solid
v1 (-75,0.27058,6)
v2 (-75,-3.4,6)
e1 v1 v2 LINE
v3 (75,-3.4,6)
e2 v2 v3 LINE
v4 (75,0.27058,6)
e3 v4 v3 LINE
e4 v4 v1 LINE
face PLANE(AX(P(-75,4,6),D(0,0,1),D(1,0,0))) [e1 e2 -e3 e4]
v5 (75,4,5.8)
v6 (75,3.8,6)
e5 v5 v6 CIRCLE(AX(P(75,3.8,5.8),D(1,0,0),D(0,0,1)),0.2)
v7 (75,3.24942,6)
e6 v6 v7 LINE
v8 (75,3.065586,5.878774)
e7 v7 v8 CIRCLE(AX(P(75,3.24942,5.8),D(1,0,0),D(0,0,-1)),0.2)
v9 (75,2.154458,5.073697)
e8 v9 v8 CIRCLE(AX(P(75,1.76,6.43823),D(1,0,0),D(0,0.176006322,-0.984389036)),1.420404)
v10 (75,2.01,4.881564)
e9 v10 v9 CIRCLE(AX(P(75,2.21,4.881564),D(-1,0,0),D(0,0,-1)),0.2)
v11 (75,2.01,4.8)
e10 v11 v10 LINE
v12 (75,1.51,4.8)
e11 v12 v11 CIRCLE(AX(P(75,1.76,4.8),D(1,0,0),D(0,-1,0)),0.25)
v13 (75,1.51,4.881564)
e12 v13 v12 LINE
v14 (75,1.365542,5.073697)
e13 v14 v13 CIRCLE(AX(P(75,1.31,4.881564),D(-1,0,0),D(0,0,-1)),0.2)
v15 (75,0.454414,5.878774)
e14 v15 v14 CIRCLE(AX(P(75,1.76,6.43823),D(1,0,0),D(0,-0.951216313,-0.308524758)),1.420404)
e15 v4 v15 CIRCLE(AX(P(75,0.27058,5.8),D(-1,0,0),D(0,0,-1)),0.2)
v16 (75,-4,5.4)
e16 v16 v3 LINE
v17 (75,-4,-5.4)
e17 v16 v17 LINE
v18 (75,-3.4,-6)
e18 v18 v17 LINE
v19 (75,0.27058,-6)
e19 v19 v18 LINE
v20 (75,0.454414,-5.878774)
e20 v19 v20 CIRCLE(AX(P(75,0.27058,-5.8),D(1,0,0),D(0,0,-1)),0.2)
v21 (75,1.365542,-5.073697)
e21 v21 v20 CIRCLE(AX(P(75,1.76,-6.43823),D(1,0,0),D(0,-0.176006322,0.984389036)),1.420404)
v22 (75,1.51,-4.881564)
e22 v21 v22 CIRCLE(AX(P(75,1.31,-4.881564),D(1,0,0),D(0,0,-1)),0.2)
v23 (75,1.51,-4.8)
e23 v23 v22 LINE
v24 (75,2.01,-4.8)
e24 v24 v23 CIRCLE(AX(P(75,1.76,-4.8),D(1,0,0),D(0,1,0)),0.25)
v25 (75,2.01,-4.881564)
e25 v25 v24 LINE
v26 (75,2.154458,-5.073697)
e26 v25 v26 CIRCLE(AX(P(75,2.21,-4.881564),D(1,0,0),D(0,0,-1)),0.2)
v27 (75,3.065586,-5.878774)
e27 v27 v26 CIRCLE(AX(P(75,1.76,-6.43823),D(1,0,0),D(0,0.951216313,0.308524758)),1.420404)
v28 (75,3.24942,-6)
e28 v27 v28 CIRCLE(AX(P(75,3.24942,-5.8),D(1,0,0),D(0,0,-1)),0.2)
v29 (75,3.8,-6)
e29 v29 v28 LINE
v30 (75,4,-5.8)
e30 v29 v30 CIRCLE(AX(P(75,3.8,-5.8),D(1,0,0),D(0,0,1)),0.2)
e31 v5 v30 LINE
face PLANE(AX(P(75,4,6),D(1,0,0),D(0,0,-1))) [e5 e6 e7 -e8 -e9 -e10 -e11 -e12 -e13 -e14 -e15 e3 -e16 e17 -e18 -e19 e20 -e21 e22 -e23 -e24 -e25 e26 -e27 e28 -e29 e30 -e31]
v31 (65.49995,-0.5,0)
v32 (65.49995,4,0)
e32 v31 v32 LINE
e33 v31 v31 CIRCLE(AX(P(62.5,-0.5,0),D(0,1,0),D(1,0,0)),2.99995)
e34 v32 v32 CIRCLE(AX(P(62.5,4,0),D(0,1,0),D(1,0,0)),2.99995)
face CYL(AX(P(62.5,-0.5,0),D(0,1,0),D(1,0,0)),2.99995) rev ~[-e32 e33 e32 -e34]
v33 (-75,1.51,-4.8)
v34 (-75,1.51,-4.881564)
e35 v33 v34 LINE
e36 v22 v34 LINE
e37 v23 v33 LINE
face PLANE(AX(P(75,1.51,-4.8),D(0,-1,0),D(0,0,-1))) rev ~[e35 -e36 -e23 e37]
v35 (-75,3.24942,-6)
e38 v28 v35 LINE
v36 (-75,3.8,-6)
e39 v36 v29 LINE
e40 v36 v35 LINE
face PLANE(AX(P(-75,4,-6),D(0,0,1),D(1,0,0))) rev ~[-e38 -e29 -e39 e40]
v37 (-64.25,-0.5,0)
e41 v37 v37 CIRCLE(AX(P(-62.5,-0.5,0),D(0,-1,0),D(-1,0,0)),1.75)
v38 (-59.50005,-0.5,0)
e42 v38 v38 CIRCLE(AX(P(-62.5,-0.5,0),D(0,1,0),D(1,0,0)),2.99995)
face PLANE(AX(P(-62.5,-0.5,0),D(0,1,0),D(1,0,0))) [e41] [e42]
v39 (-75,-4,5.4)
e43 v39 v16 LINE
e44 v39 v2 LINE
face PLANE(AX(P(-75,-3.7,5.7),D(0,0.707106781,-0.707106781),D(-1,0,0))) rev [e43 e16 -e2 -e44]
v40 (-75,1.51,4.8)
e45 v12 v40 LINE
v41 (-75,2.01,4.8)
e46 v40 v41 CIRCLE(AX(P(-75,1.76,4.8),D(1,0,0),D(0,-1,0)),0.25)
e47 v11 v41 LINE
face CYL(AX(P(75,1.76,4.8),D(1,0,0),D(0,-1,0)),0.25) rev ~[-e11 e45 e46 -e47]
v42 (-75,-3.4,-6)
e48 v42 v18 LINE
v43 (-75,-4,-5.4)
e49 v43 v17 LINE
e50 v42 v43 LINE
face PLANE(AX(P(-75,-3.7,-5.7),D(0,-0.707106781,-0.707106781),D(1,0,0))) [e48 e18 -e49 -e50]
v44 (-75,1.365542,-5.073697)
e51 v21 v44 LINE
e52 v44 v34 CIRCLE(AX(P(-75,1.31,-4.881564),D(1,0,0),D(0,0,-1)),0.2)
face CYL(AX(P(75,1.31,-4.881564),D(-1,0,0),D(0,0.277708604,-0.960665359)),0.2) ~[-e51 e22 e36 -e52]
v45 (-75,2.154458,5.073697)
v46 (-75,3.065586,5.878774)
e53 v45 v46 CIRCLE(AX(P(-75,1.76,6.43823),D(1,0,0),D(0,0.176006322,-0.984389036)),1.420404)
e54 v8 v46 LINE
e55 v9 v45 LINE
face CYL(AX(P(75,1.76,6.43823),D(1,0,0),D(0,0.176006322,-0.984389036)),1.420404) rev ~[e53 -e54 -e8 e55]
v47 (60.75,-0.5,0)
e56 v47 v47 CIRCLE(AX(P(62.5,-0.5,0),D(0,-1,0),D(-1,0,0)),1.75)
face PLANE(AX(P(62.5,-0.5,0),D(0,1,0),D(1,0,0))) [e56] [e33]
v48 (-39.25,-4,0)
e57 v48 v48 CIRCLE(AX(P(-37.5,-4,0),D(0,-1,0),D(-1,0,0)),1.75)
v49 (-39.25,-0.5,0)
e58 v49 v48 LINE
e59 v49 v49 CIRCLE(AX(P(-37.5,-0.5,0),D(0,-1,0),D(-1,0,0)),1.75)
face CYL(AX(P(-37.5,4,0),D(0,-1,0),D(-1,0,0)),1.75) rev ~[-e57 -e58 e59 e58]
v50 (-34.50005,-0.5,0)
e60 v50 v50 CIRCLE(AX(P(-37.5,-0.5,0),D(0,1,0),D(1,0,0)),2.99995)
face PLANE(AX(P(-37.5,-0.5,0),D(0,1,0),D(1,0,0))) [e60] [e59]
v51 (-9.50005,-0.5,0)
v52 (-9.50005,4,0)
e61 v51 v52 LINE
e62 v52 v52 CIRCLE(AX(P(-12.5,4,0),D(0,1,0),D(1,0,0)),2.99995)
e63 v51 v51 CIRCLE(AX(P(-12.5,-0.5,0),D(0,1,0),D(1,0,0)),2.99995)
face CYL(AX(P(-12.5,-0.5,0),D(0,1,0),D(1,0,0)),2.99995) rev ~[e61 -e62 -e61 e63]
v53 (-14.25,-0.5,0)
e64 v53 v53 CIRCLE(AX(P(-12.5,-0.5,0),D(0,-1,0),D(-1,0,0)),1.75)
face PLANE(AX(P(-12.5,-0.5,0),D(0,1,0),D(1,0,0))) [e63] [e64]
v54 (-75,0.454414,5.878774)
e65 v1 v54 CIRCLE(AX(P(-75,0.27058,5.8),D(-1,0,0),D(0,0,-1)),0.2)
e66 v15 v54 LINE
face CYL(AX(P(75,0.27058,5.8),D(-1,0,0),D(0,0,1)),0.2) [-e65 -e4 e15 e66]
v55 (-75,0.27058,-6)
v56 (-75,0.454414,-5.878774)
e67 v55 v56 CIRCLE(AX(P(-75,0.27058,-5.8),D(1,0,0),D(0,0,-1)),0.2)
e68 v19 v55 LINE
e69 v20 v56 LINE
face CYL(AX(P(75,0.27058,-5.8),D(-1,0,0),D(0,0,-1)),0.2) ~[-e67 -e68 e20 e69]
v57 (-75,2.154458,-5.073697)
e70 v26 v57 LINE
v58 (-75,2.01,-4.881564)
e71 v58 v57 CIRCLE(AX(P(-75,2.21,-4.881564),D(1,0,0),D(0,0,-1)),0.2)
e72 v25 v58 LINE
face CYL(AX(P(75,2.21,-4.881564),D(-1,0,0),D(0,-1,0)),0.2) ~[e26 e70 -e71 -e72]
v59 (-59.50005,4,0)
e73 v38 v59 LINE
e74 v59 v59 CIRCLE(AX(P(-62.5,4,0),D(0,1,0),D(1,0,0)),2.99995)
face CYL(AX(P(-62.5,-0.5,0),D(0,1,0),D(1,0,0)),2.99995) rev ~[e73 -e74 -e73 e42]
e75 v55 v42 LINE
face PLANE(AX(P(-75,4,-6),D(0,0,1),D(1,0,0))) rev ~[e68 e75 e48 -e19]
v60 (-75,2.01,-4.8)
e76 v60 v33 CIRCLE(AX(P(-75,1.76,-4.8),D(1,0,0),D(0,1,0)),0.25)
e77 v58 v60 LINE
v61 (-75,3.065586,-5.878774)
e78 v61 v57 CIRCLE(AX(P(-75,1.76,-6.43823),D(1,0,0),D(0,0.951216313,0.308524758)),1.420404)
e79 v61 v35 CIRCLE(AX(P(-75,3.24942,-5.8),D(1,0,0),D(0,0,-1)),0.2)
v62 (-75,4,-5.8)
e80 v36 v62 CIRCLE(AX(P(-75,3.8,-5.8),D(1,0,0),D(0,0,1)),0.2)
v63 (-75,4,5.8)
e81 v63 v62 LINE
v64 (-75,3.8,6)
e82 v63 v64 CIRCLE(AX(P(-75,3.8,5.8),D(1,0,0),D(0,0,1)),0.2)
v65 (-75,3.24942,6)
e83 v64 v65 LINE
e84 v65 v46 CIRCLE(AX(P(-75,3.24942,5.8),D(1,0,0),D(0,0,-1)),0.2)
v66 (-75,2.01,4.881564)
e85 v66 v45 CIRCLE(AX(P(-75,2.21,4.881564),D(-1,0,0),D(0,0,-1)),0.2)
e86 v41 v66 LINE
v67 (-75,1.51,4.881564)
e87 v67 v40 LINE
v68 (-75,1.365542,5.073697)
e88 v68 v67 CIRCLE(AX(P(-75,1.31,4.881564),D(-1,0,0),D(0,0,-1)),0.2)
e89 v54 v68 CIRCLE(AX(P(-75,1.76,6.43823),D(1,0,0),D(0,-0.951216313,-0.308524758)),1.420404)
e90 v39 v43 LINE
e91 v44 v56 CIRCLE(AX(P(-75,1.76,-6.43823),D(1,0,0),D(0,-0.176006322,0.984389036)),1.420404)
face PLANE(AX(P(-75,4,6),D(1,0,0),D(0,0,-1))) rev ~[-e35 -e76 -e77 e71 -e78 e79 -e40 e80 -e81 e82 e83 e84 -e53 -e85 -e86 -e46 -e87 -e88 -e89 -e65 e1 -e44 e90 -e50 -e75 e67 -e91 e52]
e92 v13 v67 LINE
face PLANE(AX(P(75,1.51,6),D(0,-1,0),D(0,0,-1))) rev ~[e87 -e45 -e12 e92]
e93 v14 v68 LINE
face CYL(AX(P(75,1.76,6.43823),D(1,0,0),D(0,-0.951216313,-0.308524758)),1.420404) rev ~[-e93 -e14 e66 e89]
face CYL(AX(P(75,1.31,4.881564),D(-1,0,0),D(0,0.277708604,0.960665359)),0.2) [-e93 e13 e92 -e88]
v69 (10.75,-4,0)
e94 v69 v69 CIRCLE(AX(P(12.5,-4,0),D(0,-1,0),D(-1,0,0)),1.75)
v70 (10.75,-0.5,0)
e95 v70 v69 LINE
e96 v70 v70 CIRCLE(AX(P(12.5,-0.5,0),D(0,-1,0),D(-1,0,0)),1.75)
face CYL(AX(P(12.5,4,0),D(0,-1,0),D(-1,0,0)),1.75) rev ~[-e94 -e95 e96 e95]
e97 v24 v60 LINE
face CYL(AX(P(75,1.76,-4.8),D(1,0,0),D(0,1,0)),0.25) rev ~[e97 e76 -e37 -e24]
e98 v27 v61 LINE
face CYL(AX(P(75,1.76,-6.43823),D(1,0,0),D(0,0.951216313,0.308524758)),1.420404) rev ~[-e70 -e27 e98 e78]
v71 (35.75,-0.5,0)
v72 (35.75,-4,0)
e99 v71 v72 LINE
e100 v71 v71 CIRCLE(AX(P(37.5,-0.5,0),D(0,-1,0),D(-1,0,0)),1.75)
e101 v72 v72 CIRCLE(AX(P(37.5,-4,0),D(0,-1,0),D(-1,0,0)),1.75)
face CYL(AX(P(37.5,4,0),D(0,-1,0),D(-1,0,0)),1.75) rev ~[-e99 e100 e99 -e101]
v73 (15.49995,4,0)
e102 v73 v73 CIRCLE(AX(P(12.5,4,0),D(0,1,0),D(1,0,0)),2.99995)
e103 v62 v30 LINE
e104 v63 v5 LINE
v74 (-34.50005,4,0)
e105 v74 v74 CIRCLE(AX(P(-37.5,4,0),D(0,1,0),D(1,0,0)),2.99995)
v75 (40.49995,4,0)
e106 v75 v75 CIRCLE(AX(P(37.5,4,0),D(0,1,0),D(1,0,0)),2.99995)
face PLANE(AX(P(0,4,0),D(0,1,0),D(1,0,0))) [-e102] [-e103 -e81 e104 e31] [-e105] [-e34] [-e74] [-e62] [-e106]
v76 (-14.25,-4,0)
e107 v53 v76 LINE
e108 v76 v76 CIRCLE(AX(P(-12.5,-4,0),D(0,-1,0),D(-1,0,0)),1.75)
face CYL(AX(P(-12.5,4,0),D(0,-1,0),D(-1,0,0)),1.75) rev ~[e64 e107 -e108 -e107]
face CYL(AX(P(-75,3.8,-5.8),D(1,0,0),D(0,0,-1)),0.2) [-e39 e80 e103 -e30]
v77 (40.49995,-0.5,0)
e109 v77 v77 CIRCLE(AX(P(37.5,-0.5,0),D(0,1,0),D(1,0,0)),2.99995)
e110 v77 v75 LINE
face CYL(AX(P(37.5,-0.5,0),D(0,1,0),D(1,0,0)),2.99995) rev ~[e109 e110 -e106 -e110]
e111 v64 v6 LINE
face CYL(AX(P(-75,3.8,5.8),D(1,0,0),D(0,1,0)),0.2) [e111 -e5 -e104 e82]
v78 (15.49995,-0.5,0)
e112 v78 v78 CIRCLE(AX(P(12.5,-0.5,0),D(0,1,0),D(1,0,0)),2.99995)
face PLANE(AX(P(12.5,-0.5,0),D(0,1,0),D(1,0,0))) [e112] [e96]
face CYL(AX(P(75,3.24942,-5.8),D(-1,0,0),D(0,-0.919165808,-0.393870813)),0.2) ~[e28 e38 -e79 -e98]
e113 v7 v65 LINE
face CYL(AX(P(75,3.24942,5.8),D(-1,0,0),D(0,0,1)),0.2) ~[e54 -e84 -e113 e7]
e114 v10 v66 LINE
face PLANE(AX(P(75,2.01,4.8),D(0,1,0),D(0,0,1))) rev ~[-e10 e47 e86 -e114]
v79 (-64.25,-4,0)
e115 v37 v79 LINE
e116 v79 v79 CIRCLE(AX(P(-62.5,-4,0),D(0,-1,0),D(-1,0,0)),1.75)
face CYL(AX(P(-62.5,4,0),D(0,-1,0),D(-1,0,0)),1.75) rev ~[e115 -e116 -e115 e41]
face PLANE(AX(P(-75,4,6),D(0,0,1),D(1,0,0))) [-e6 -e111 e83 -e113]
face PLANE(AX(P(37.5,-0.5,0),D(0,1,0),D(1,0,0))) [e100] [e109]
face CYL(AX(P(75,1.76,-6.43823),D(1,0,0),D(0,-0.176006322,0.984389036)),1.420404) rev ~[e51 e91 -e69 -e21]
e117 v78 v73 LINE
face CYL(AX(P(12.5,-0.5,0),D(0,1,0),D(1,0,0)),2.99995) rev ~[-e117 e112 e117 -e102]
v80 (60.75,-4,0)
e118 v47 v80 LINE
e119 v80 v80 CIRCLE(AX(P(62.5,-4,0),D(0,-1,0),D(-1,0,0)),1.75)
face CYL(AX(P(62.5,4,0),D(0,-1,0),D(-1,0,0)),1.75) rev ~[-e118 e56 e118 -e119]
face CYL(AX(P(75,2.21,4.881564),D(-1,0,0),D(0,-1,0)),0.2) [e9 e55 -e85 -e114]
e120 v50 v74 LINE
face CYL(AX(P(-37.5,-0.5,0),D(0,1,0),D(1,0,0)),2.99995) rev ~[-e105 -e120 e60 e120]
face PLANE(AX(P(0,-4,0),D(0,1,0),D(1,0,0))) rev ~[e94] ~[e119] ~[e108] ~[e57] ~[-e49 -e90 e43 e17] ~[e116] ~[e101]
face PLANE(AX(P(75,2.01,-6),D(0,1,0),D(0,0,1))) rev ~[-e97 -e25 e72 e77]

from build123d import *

# Parameters (mm, degrees)
SKETCH_1_W                   = 150
SKETCH_1_H                   = 12
EXTRUDE_1_DEPTH              = 8
CUT_EXTRUDE_1_DEPTH          = 151.173233301
CUT_EXTRUDE_2_DEPTH          = 151.173233301
CUT_EXTRUDE_3_DEPTH          = 151.173233301
CUT_EXTRUDE_4_DEPTH          = 151.173233301
CUT_EXTRUDE_5_DEPTH          = 151.173233301
CUT_EXTRUDE_6_DEPTH          = 151.173233301
HOLE_WIZARD_M3_1_D           = 3.5
HOLE_WIZARD_M3_1_CBORE_D     = 5.9999
HOLE_WIZARD_M3_1_CBORE_DEPTH = 4.5
CHAMFER_1_SIZE               = 0.6
FILLET_1_R                   = 0.2


with BuildPart() as part:
    # 草图1 → 凸台-拉伸1 (new body)
    with BuildSketch(Plane(origin=(0, 4, 0), x_dir=(1, 0, 0), z_dir=(0, 1, 0))):
        Rectangle(SKETCH_1_W, SKETCH_1_H)
    extrude(amount=-EXTRUDE_1_DEPTH)

    # 草图2 → 切除-拉伸1 (cut, through all)
    with BuildSketch(Plane(origin=(75, 0, 0), x_dir=(0, 0, -1), z_dir=(1, 0, 0))):
        with BuildLine():
            Line((6, 1.51), (6, 2.01))
            Line((6, 2.01), (4.8, 2.01))
            ThreePointArc((4.8, 2.01), (4.55, 1.76), (4.8, 1.51))
            Line((4.8, 1.51), (6, 1.51))
        make_face()
    extrude(amount=-CUT_EXTRUDE_1_DEPTH, mode=Mode.SUBTRACT)

    # 草图3 → 切除-拉伸2 (cut, through all)
    with BuildSketch(Plane(origin=(75, 0, 0), x_dir=(0, 0, -1), z_dir=(1, 0, 0))):
        with BuildLine():
            Line((6, 2.01), (6, 3.111111))
            ThreePointArc((6, 3.111111), (5.367595703, 2.693428684), (5.04, 2.01))
            Line((5.04, 2.01), (6, 2.01))
        make_face()
    extrude(amount=-CUT_EXTRUDE_2_DEPTH, mode=Mode.SUBTRACT)

    # 草图4 → 切除-拉伸3 (cut, through all)
    with BuildSketch(Plane(origin=(75, 0, 0), x_dir=(0, 0, -1), z_dir=(1, 0, 0))):
        with BuildLine():
            Line((6, 1.51), (5.04, 1.51))
            ThreePointArc((5.04, 1.51), (5.367595703, 0.826571316), (6, 0.408889))
            Line((6, 0.408889), (6, 1.51))
        make_face()
    extrude(amount=-CUT_EXTRUDE_3_DEPTH, mode=Mode.SUBTRACT)

    # 草图5 → 切除-拉伸4 (cut, through all)
    with BuildSketch(Plane(origin=(75, 0, 0), x_dir=(0, 0, -1), z_dir=(1, 0, 0))):
        with BuildLine():
            Line((-6, 2.01), (-6, 1.51))
            Line((-6, 1.51), (-4.8, 1.51))
            ThreePointArc((-4.8, 1.51), (-4.55, 1.76), (-4.8, 2.01))
            Line((-4.8, 2.01), (-6, 2.01))
        make_face()
    extrude(amount=-CUT_EXTRUDE_4_DEPTH, mode=Mode.SUBTRACT)

    # 草图6 → 切除-拉伸5 (cut, through all)
    with BuildSketch(Plane(origin=(75, 0, 0), x_dir=(0, 0, -1), z_dir=(1, 0, 0))):
        with BuildLine():
            Line((-6, 1.51), (-6, 0.408889))
            ThreePointArc((-6, 0.408889), (-5.367595703, 0.826571316), (-5.04, 1.51))
            Line((-5.04, 1.51), (-6, 1.51))
        make_face()
    extrude(amount=-CUT_EXTRUDE_5_DEPTH, mode=Mode.SUBTRACT)

    # 草图7 → 切除-拉伸6 (cut, through all)
    with BuildSketch(Plane(origin=(75, 0, 0), x_dir=(0, 0, -1), z_dir=(1, 0, 0))):
        with BuildLine():
            Line((-6, 2.01), (-5.04, 2.01))
            ThreePointArc((-5.04, 2.01), (-5.367595703, 2.693428684), (-6, 3.111111))
            Line((-6, 3.111111), (-6, 2.01))
        make_face()
    extrude(amount=-CUT_EXTRUDE_6_DEPTH, mode=Mode.SUBTRACT)

    # M3 六角头机械螺钉的柱形沉头孔1 (through all)
    with Locations(Plane(origin=(0, 4, 0), x_dir=(1, 0, 0), z_dir=(0, 1, 0))):
        with Locations((-62.5, 0), (-37.5, 0), (-12.5, 0), (12.5, 0), (37.5, 0), (62.5, 0)):
            CounterBoreHole(HOLE_WIZARD_M3_1_D / 2, HOLE_WIZARD_M3_1_CBORE_D / 2, HOLE_WIZARD_M3_1_CBORE_DEPTH)

    # 倒角1
    chamfer_1_edges = [part.edges().sort_by_distance(p)[0] for p in [
        (0, -4, -6),
        (0, -4, 6),
    ]]
    chamfer(chamfer_1_edges, length=CHAMFER_1_SIZE)

    # 圆角1
    fillet_1_edges = [part.edges().sort_by_distance(p)[0] for p in [
        (0, 2.01, -5.04),
        (0, 3.111111, -6),
        (0, 0.408889, -6),
        (0, 1.51, -5.04),
        (0, 4, -6),
        (0, 4, 6),
        (0, 1.51, 5.04),
        (0, 0.408889, 6),
        (0, 3.111111, 6),
        (0, 2.01, 5.04),
    ]]
    fillet(fillet_1_edges, radius=FILLET_1_R)


solid = part.part
